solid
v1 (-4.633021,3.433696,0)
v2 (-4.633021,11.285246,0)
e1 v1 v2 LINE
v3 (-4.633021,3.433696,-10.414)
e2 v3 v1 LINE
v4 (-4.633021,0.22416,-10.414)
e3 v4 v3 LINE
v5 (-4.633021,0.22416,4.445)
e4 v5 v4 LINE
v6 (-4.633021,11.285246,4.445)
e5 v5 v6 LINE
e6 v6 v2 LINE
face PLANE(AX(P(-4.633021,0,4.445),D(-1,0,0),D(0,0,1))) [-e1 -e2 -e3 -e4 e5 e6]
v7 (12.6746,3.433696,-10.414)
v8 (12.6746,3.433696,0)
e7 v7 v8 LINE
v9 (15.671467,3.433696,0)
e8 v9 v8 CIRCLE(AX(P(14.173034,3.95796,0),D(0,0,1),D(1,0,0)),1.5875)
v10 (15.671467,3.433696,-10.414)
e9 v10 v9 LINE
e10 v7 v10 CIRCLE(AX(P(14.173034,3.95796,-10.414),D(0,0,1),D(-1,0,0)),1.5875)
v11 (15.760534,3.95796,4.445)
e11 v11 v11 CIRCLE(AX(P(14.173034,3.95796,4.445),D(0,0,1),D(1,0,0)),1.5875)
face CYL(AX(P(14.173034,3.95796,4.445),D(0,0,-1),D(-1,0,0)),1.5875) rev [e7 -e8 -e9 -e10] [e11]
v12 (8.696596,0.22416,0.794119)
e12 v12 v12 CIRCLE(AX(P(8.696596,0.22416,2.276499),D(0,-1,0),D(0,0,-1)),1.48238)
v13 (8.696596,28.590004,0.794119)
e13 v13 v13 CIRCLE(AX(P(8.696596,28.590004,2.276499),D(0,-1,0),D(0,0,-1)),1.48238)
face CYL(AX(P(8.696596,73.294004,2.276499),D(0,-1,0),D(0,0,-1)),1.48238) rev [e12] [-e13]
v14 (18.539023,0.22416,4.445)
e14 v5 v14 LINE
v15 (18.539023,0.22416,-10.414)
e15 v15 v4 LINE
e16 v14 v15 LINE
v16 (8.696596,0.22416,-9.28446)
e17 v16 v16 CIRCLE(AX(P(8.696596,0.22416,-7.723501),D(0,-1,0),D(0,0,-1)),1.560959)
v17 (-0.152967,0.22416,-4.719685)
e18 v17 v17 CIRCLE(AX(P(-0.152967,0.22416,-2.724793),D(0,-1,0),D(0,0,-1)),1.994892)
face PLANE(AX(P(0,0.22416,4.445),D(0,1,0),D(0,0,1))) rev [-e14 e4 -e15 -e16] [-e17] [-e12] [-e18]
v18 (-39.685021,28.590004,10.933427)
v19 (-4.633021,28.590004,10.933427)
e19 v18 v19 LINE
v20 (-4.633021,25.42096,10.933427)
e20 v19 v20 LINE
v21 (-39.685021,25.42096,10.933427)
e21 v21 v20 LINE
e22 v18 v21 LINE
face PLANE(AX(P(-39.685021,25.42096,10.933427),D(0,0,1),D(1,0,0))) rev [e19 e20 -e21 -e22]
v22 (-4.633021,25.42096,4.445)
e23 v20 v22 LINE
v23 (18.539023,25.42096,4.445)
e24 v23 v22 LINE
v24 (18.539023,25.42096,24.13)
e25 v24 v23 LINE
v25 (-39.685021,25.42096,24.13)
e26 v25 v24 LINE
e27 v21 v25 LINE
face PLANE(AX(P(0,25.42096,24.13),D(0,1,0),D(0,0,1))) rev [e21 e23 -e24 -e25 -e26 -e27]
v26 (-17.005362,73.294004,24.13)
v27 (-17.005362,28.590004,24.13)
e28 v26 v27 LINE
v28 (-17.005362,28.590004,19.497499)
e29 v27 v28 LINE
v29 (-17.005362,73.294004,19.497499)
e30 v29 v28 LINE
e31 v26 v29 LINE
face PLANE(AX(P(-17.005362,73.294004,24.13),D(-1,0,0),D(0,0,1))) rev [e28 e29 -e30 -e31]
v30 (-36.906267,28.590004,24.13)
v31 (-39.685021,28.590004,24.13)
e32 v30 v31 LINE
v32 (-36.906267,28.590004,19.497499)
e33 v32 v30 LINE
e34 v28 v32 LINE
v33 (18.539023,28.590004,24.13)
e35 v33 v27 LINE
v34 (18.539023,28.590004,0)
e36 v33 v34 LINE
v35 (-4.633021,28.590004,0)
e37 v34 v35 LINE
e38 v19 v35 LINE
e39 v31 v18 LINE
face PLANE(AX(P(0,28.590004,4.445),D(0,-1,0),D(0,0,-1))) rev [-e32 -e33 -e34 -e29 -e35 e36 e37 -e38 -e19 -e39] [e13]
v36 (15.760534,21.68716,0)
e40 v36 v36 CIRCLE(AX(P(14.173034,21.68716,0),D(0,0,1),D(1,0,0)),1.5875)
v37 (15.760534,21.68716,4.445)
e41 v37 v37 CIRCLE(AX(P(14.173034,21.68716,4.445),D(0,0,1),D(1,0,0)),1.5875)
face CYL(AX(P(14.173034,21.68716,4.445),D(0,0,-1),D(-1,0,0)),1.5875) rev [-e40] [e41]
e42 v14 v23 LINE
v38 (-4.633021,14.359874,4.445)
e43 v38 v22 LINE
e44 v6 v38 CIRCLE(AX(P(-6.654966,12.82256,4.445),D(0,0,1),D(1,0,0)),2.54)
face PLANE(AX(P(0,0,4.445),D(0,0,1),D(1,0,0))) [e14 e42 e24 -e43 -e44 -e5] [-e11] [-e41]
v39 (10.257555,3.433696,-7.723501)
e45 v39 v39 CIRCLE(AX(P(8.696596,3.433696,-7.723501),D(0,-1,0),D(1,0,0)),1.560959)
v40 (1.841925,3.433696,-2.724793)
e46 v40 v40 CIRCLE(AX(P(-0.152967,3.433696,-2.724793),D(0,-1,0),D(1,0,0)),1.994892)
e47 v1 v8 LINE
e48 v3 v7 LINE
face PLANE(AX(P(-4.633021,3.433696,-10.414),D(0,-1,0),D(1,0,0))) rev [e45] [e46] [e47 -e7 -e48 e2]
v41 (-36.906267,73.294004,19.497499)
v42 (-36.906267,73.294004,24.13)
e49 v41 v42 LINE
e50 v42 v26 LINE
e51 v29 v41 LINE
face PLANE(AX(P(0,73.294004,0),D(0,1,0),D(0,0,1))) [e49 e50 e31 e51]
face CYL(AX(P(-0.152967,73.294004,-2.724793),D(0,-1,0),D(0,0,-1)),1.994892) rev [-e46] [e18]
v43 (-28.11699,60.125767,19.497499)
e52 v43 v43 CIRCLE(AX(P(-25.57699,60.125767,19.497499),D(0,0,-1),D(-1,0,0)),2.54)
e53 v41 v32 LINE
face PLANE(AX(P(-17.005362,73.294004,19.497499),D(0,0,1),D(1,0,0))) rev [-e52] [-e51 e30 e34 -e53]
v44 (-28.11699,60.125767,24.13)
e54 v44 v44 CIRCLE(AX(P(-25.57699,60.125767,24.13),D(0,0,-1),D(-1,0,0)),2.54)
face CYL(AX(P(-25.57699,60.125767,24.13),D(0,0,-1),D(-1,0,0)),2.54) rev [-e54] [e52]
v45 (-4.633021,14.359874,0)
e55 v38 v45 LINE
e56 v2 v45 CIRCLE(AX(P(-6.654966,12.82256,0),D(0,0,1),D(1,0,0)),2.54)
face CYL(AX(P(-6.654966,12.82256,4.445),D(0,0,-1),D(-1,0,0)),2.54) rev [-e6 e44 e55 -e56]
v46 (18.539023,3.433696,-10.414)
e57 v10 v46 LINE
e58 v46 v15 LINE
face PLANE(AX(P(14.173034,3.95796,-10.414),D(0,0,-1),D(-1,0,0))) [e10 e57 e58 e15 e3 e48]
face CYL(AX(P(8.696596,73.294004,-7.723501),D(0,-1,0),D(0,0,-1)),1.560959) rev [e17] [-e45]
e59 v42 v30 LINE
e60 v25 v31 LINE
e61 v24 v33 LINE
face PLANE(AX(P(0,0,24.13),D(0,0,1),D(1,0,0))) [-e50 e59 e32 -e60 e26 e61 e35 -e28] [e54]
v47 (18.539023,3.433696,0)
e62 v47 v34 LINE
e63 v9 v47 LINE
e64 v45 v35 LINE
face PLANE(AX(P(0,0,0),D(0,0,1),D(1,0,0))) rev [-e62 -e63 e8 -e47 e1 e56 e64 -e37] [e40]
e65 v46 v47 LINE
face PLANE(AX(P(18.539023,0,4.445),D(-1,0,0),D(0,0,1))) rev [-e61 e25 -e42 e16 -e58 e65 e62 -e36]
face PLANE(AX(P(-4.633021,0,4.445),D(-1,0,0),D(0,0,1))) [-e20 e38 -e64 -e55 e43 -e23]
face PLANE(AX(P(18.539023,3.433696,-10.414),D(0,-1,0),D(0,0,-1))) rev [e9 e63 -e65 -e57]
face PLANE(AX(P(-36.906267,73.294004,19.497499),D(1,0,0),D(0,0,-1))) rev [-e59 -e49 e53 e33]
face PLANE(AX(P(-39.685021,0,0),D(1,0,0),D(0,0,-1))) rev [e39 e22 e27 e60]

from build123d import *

# Parameters (mm, degrees)
SKETCH1_R           = 1.5875
BOSS_EXTRUDE1_DEPTH = 4.445
BOSS_EXTRUDE2_START = 10.414
BOSS_EXTRUDE2_DEPTH = 10.414
SKETCH1_6_W         = 23.172043576
SKETCH1_6_H         = 3.169044436
BOSS_EXTRUDE3_DEPTH = 24.13
SKETCH4_W           = 13.196572836
SKETCH4_H           = 3.169044436
BOSS_EXTRUDE4_DEPTH = 35.052
SKETCH5_W           = 19.900905811
SKETCH5_H           = 4.632500987
BOSS_EXTRUDE5_DEPTH = 44.704
SKETCH6_R           = 2.54
CUT_EXTRUDE1_DEPTH  = 89.552863771
SKETCH7_R           = 1.994892348
SKETCH7_R_2         = 1.482380007
SKETCH7_R_3         = 1.560959408
CUT_EXTRUDE2_DEPTH  = 87.581521828


with BuildPart() as part:
    # Sketch1 → Boss-Extrude1 (new body)
    with BuildSketch(Plane.XY):
        with BuildLine():
            Line((18.539023024, 28.590004207), (-4.633020552, 28.590004207))
            Line((-4.633020552, 28.590004207), (-4.633020552, 14.359873942))
            ThreePointArc((-4.633020552, 14.359873942), (-4.114966432, 12.822559771), (-4.633020552, 11.2852456))
            Line((-4.633020552, 11.2852456), (-4.633020552, 0.224159771))
            Line((-4.633020552, 0.224159771), (18.539023024, 0.224159771))
            Line((18.539023024, 0.224159771), (18.539023024, 28.590004207))
        make_face()
        with Locations((14.173033568, 21.687159771)):
            Circle(SKETCH1_R, mode=Mode.SUBTRACT)
        with Locations((14.173033568, 3.957959771)):
            Circle(SKETCH1_R, mode=Mode.SUBTRACT)
    extrude(amount=BOSS_EXTRUDE1_DEPTH)

    # Sketch2 → Boss-Extrude2 (add)
    with BuildSketch(Plane(origin=(0, 0, 0), x_dir=(-1, 0, 0), z_dir=(0, 0, -1)).offset(BOSS_EXTRUDE2_START)):
        with BuildLine():
            Line((-18.539023024, 3.433695859), (-15.671467284, 3.433695859))
            ThreePointArc((-15.671467284, 3.433695859), (-14.173033568, 2.370459771), (-12.674599853, 3.433695859))
            Line((-12.674599853, 3.433695859), (4.633020552, 3.433695859))
            Line((4.633020552, 3.433695859), (4.633020552, 0.224159771))
            Line((4.633020552, 0.224159771), (-18.539023024, 0.224159771))
            Line((-18.539023024, 0.224159771), (-18.539023024, 3.433695859))
        make_face()
    extrude(amount=-BOSS_EXTRUDE2_DEPTH)

    # Sketch1<6> → Boss-Extrude3 (add)
    with BuildSketch(Plane.XY):
        with Locations((6.953001236, 27.005481989)):
            Rectangle(SKETCH1_6_W, SKETCH1_6_H)
    extrude(amount=BOSS_EXTRUDE3_DEPTH)

    # Sketch4 → Boss-Extrude4 (add)
    with BuildSketch(Plane.ZY.offset(4.633020552)):
        with Locations((17.531713582, 27.005481989)):
            Rectangle(SKETCH4_W, SKETCH4_H)
    extrude(amount=BOSS_EXTRUDE4_DEPTH)

    # Sketch5 → Boss-Extrude5 (add)
    with BuildSketch(Plane(origin=(0, 28.590004207, 0), x_dir=(1, 0, 0), z_dir=(0, 1, 0))):
        with Locations((-26.955814506, -21.813749507)):
            Rectangle(SKETCH5_W, SKETCH5_H)
    extrude(amount=BOSS_EXTRUDE5_DEPTH)

    # Sketch6 → Cut-Extrude1 (cut, through all)
    with BuildSketch(Plane(origin=(0, 0, 19.497499013), x_dir=(-1, 0, 0), z_dir=(0, 0, -1))):
        with Locations((25.576990215, 60.125767425)):
            Circle(SKETCH6_R)
    extrude(amount=-CUT_EXTRUDE1_DEPTH, mode=Mode.SUBTRACT)

    # Sketch7 → Cut-Extrude2 (cut, through all)
    with BuildSketch(Plane.XZ.offset(-0.224159771)):
        with Locations((-0.152967162, -2.724793136)):
            Circle(SKETCH7_R)
        with Locations((8.696595836, 2.276499013)):
            Circle(SKETCH7_R_2)
        with Locations((8.696595836, -7.723500987)):
            Circle(SKETCH7_R_3)
    extrude(amount=-CUT_EXTRUDE2_DEPTH, mode=Mode.SUBTRACT)


solid = part.part
